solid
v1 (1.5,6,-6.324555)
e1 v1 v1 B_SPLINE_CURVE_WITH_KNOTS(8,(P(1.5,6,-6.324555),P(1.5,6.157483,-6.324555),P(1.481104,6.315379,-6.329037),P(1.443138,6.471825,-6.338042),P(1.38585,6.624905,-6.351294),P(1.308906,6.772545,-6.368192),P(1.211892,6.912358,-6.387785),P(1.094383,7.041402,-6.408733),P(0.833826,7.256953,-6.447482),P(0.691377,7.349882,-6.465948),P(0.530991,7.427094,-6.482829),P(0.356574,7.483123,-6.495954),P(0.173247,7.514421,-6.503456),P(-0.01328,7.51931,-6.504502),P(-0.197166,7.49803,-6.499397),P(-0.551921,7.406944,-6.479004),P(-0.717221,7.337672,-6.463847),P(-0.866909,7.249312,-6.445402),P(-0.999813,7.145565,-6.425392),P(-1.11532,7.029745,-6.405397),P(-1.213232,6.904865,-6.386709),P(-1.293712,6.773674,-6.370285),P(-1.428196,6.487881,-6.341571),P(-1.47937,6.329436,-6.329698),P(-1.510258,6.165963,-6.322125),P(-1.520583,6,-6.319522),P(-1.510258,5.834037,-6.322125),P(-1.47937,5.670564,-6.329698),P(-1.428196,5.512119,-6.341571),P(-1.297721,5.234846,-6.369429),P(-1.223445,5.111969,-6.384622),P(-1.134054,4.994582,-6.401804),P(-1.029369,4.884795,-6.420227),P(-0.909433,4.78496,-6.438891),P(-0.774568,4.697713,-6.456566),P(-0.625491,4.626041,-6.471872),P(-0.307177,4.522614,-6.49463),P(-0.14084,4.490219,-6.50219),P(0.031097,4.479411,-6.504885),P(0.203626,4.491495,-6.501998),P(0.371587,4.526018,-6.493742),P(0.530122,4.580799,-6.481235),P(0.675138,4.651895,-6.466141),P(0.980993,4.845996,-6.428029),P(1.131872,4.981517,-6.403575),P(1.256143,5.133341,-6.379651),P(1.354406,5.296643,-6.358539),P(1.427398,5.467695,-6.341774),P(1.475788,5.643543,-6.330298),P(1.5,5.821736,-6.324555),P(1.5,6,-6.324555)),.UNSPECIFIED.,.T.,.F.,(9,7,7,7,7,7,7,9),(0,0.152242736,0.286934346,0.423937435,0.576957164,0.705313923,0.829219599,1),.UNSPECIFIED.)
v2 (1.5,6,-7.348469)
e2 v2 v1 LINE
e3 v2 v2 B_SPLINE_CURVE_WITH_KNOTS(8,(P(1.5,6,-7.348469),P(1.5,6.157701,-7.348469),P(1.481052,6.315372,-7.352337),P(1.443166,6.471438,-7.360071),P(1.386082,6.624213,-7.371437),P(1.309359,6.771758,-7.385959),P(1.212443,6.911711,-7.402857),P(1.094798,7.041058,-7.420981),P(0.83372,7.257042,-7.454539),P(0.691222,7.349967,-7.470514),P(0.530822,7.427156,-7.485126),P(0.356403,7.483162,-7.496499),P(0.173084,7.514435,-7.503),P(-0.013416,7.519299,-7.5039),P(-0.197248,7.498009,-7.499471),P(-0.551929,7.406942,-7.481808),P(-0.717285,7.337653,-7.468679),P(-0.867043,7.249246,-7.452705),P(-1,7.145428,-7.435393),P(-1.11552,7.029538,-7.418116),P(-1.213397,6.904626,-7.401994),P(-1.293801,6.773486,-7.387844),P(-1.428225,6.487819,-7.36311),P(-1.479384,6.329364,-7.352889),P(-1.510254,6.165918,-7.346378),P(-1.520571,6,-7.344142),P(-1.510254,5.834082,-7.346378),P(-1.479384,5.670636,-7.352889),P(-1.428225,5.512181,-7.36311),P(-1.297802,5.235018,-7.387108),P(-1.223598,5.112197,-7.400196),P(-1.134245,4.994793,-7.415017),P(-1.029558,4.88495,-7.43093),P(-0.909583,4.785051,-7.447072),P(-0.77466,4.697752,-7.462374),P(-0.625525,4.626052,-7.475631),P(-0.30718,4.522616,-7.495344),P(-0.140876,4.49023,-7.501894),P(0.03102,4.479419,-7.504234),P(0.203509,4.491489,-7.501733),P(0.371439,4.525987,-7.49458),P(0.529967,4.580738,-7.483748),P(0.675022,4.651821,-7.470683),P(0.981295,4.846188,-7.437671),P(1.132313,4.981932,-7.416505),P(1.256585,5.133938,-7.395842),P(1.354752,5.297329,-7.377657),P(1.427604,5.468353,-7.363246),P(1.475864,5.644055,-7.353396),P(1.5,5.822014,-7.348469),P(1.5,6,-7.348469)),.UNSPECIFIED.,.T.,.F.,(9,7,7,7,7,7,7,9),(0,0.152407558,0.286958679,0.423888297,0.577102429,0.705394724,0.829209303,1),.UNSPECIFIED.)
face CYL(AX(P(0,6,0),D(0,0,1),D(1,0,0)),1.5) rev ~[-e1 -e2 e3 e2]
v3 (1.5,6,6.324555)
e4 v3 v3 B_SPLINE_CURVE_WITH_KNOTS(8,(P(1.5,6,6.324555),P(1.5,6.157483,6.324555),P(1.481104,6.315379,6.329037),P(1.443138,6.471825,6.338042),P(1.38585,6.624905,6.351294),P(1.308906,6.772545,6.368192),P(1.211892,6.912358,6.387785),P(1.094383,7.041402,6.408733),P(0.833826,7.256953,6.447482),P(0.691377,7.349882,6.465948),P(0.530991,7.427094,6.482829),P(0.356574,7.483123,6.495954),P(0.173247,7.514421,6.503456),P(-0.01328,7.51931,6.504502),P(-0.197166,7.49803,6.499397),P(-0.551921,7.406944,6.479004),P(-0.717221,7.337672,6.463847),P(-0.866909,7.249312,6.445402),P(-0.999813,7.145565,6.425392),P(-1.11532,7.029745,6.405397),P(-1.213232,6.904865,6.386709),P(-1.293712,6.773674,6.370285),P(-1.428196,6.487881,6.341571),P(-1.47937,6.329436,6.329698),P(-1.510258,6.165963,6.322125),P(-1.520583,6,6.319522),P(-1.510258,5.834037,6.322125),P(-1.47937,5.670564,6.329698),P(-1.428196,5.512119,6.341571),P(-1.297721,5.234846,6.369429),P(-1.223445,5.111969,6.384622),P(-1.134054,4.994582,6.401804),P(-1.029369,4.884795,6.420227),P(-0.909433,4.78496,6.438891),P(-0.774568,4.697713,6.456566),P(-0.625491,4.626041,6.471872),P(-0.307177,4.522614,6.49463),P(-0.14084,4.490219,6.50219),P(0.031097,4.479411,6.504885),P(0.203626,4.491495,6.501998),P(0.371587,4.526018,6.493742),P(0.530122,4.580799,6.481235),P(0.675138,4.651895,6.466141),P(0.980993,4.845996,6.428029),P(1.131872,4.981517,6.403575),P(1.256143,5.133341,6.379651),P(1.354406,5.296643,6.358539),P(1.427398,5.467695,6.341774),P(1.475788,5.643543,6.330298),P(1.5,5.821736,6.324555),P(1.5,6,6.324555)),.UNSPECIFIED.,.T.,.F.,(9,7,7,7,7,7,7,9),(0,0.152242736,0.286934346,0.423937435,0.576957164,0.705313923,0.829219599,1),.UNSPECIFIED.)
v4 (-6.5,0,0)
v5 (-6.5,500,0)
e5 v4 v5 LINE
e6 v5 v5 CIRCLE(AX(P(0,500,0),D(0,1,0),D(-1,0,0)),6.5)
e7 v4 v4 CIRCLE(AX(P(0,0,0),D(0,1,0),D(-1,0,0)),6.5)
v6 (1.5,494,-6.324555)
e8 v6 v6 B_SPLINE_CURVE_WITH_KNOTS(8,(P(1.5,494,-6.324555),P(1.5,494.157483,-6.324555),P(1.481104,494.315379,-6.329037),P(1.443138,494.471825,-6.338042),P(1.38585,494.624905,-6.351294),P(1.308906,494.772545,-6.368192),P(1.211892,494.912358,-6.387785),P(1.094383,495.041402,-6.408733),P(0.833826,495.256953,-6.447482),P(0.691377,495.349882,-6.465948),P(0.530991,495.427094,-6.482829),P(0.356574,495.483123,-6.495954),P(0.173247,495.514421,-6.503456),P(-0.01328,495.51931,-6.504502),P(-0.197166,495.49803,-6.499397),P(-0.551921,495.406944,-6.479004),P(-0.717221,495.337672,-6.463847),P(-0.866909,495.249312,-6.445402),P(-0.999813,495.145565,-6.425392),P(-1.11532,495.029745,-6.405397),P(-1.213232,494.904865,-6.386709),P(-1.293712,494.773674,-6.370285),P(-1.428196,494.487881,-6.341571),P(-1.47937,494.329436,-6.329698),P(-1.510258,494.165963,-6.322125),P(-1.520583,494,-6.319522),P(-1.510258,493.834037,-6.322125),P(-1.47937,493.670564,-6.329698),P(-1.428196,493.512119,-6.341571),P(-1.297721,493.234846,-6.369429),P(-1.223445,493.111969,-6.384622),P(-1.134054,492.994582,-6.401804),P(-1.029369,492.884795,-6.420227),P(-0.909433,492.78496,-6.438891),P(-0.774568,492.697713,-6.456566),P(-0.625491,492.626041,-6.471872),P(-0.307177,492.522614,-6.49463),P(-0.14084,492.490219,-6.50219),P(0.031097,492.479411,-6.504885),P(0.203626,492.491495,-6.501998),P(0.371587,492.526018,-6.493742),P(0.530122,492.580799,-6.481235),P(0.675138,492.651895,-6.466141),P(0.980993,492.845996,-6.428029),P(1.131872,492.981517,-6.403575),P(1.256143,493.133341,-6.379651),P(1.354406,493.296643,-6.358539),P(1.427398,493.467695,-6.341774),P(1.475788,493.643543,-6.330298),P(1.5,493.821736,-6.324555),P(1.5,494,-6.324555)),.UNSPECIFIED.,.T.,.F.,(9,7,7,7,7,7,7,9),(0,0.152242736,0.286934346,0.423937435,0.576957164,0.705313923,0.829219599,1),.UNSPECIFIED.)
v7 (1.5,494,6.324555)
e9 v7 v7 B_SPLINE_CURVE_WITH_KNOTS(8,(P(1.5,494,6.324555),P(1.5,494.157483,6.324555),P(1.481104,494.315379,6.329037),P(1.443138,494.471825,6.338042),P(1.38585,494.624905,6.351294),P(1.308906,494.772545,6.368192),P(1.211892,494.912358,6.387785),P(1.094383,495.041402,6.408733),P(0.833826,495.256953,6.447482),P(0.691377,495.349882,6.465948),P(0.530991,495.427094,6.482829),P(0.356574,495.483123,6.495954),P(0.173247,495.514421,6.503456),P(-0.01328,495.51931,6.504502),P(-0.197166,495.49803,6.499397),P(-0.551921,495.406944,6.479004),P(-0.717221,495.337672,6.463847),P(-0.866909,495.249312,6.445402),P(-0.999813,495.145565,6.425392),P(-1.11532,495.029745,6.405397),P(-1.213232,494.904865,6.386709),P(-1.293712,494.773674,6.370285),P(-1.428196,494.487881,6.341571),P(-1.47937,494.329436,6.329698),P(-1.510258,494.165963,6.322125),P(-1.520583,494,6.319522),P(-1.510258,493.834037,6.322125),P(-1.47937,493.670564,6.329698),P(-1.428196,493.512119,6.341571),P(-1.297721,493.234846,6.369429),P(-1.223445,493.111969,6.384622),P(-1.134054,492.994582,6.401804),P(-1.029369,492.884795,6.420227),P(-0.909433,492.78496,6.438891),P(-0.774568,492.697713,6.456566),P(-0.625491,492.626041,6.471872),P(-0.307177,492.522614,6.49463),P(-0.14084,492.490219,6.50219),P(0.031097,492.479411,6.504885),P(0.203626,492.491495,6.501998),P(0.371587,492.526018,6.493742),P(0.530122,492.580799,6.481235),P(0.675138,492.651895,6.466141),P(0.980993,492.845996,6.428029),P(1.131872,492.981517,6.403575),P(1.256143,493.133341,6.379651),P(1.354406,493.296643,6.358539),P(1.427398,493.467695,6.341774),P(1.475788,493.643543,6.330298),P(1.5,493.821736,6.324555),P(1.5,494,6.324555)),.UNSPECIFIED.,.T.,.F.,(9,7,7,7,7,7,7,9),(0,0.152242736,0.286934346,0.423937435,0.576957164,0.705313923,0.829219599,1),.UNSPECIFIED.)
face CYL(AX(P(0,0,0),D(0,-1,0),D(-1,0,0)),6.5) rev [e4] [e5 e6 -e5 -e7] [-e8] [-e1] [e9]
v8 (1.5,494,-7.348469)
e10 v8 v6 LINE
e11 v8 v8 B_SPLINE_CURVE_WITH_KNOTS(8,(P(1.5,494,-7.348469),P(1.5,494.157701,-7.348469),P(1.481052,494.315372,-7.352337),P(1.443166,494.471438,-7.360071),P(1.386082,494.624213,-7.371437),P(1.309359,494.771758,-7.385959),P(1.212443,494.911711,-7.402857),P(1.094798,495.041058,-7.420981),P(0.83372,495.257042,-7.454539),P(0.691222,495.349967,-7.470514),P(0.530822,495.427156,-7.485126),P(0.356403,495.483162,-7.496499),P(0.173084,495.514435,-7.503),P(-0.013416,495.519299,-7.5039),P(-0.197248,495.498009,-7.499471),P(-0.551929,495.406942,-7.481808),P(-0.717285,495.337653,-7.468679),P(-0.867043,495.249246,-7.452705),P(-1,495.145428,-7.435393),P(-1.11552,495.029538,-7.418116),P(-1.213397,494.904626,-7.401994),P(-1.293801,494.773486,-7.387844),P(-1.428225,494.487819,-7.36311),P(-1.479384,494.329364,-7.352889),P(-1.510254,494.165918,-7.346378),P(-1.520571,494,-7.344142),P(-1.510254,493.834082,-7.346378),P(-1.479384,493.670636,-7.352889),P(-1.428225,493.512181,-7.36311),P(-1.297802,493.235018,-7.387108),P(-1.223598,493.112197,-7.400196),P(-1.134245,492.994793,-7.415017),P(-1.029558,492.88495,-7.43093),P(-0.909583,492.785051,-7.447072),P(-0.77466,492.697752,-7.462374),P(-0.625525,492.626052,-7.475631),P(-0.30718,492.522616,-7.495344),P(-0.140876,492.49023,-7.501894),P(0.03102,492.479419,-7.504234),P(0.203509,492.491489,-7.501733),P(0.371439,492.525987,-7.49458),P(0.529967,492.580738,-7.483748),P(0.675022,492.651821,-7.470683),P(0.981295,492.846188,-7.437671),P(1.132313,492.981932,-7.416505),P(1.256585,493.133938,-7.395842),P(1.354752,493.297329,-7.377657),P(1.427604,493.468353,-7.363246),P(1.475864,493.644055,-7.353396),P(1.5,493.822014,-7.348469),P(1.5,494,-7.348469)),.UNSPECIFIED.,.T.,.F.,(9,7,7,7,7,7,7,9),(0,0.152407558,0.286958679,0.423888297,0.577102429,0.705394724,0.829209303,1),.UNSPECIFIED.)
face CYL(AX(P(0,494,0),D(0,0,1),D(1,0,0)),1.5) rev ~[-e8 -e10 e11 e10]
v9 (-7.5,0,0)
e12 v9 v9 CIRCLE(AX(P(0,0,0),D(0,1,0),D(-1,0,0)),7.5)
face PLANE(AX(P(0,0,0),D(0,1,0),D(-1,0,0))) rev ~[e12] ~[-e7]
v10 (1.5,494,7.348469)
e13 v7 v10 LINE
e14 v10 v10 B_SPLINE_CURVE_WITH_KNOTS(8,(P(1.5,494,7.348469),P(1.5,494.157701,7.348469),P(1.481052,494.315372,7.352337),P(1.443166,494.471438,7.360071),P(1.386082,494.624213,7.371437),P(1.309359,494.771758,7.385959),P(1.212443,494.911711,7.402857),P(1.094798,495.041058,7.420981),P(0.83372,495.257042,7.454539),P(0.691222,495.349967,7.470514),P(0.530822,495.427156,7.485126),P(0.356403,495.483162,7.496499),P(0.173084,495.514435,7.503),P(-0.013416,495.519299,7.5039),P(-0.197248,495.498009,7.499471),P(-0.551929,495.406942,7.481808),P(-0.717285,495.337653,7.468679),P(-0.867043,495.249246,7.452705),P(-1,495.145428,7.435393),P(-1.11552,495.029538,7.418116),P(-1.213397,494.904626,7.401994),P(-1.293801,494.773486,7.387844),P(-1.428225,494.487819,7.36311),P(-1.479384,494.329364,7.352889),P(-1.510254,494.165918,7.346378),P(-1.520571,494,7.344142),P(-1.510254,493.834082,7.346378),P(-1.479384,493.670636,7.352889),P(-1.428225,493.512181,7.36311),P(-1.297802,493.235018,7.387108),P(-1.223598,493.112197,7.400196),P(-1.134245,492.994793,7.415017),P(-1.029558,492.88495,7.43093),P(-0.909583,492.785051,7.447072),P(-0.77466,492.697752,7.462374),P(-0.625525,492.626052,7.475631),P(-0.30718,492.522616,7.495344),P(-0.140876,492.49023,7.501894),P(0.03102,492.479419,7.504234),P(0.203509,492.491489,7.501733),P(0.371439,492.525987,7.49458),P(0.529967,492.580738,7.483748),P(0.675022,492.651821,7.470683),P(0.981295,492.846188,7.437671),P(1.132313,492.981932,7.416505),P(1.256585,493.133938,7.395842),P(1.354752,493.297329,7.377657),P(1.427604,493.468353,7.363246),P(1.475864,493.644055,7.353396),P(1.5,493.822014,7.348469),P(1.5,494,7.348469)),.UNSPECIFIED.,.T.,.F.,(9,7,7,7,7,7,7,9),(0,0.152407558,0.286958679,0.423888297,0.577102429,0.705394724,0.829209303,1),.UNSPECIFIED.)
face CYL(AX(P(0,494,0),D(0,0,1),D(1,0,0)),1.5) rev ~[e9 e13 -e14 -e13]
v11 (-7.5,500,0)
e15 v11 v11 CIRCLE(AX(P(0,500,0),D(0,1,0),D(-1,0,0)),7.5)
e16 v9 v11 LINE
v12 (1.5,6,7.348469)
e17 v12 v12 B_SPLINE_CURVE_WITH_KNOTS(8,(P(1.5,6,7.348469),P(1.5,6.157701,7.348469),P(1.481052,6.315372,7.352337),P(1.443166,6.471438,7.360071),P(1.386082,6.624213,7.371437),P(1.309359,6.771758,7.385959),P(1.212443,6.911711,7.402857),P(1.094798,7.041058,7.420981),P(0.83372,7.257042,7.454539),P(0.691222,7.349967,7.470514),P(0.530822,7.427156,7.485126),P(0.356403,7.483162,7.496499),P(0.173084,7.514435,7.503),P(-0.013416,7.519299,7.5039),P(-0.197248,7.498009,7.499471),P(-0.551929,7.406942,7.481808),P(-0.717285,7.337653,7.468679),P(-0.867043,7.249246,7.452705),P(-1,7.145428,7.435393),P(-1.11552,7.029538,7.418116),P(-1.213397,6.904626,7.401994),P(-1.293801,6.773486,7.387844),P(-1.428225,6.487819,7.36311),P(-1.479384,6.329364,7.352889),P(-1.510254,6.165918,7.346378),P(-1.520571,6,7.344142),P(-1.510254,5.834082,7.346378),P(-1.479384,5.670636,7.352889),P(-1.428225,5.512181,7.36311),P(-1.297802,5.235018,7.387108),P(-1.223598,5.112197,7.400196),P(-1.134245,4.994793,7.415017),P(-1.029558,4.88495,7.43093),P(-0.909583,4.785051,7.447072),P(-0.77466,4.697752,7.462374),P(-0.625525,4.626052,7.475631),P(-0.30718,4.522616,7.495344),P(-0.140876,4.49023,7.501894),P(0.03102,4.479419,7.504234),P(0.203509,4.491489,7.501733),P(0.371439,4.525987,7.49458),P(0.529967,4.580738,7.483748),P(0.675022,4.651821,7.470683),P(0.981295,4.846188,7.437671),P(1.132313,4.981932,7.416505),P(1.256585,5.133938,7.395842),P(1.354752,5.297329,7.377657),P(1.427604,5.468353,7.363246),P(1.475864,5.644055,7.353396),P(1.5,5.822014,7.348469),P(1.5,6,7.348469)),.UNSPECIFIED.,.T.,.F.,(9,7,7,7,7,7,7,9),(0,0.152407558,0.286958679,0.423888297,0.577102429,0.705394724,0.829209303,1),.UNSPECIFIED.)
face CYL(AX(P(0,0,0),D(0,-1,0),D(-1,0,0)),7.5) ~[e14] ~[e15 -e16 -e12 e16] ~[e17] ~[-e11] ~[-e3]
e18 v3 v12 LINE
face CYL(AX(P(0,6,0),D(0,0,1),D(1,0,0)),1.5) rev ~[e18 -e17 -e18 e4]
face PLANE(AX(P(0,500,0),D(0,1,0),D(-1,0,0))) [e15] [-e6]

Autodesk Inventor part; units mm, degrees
ref_plane "YZ Plane" through (0, 0, 0) normal (1, 0, 0) x (0, 1, 0)
ref_plane "XZ Plane" through (0, 0, 0) normal (0, 1, 0) x (-1, 0, 0)
ref_plane "XY Plane" through (0, 0, 0) normal (0, 0, 1) x (1, 0, 0)
sketch "Sketch2" plane through (0, 0, 0) normal (0, 1, 0) x (-1, 0, 0)
  circle A0 centre (0, 0) radius 7.5
  circle A1 centre (0, 0) radius 6.5
  dimension "d91" = 15
  dimension "d92" = 13
extrude "Extrusion5" add sketch "Sketch2" along normal blind 500
sketch "Sketch3" plane through (0, 0, 0) normal (0, 0, 1) x (1, 0, 0)
  line L0 (0, 0) -> (0, 6)
  circle A0 centre (0, 6) radius 1.5
  line L1 (7.5, 500) -> (-7.5, 500) projected
  line L2 (0, 500) -> (0, 494)
  circle A1 centre (0, 494) radius 1.5
  dimension "d95" = 6
  dimension "d96" = 3
  dimension "d101" = 6
  dimension "d102" = 3
extrude "Extrusion6" cut sketch "Sketch3" along normal blind 20 and the other way blind 10
properties part number "airfoil"
